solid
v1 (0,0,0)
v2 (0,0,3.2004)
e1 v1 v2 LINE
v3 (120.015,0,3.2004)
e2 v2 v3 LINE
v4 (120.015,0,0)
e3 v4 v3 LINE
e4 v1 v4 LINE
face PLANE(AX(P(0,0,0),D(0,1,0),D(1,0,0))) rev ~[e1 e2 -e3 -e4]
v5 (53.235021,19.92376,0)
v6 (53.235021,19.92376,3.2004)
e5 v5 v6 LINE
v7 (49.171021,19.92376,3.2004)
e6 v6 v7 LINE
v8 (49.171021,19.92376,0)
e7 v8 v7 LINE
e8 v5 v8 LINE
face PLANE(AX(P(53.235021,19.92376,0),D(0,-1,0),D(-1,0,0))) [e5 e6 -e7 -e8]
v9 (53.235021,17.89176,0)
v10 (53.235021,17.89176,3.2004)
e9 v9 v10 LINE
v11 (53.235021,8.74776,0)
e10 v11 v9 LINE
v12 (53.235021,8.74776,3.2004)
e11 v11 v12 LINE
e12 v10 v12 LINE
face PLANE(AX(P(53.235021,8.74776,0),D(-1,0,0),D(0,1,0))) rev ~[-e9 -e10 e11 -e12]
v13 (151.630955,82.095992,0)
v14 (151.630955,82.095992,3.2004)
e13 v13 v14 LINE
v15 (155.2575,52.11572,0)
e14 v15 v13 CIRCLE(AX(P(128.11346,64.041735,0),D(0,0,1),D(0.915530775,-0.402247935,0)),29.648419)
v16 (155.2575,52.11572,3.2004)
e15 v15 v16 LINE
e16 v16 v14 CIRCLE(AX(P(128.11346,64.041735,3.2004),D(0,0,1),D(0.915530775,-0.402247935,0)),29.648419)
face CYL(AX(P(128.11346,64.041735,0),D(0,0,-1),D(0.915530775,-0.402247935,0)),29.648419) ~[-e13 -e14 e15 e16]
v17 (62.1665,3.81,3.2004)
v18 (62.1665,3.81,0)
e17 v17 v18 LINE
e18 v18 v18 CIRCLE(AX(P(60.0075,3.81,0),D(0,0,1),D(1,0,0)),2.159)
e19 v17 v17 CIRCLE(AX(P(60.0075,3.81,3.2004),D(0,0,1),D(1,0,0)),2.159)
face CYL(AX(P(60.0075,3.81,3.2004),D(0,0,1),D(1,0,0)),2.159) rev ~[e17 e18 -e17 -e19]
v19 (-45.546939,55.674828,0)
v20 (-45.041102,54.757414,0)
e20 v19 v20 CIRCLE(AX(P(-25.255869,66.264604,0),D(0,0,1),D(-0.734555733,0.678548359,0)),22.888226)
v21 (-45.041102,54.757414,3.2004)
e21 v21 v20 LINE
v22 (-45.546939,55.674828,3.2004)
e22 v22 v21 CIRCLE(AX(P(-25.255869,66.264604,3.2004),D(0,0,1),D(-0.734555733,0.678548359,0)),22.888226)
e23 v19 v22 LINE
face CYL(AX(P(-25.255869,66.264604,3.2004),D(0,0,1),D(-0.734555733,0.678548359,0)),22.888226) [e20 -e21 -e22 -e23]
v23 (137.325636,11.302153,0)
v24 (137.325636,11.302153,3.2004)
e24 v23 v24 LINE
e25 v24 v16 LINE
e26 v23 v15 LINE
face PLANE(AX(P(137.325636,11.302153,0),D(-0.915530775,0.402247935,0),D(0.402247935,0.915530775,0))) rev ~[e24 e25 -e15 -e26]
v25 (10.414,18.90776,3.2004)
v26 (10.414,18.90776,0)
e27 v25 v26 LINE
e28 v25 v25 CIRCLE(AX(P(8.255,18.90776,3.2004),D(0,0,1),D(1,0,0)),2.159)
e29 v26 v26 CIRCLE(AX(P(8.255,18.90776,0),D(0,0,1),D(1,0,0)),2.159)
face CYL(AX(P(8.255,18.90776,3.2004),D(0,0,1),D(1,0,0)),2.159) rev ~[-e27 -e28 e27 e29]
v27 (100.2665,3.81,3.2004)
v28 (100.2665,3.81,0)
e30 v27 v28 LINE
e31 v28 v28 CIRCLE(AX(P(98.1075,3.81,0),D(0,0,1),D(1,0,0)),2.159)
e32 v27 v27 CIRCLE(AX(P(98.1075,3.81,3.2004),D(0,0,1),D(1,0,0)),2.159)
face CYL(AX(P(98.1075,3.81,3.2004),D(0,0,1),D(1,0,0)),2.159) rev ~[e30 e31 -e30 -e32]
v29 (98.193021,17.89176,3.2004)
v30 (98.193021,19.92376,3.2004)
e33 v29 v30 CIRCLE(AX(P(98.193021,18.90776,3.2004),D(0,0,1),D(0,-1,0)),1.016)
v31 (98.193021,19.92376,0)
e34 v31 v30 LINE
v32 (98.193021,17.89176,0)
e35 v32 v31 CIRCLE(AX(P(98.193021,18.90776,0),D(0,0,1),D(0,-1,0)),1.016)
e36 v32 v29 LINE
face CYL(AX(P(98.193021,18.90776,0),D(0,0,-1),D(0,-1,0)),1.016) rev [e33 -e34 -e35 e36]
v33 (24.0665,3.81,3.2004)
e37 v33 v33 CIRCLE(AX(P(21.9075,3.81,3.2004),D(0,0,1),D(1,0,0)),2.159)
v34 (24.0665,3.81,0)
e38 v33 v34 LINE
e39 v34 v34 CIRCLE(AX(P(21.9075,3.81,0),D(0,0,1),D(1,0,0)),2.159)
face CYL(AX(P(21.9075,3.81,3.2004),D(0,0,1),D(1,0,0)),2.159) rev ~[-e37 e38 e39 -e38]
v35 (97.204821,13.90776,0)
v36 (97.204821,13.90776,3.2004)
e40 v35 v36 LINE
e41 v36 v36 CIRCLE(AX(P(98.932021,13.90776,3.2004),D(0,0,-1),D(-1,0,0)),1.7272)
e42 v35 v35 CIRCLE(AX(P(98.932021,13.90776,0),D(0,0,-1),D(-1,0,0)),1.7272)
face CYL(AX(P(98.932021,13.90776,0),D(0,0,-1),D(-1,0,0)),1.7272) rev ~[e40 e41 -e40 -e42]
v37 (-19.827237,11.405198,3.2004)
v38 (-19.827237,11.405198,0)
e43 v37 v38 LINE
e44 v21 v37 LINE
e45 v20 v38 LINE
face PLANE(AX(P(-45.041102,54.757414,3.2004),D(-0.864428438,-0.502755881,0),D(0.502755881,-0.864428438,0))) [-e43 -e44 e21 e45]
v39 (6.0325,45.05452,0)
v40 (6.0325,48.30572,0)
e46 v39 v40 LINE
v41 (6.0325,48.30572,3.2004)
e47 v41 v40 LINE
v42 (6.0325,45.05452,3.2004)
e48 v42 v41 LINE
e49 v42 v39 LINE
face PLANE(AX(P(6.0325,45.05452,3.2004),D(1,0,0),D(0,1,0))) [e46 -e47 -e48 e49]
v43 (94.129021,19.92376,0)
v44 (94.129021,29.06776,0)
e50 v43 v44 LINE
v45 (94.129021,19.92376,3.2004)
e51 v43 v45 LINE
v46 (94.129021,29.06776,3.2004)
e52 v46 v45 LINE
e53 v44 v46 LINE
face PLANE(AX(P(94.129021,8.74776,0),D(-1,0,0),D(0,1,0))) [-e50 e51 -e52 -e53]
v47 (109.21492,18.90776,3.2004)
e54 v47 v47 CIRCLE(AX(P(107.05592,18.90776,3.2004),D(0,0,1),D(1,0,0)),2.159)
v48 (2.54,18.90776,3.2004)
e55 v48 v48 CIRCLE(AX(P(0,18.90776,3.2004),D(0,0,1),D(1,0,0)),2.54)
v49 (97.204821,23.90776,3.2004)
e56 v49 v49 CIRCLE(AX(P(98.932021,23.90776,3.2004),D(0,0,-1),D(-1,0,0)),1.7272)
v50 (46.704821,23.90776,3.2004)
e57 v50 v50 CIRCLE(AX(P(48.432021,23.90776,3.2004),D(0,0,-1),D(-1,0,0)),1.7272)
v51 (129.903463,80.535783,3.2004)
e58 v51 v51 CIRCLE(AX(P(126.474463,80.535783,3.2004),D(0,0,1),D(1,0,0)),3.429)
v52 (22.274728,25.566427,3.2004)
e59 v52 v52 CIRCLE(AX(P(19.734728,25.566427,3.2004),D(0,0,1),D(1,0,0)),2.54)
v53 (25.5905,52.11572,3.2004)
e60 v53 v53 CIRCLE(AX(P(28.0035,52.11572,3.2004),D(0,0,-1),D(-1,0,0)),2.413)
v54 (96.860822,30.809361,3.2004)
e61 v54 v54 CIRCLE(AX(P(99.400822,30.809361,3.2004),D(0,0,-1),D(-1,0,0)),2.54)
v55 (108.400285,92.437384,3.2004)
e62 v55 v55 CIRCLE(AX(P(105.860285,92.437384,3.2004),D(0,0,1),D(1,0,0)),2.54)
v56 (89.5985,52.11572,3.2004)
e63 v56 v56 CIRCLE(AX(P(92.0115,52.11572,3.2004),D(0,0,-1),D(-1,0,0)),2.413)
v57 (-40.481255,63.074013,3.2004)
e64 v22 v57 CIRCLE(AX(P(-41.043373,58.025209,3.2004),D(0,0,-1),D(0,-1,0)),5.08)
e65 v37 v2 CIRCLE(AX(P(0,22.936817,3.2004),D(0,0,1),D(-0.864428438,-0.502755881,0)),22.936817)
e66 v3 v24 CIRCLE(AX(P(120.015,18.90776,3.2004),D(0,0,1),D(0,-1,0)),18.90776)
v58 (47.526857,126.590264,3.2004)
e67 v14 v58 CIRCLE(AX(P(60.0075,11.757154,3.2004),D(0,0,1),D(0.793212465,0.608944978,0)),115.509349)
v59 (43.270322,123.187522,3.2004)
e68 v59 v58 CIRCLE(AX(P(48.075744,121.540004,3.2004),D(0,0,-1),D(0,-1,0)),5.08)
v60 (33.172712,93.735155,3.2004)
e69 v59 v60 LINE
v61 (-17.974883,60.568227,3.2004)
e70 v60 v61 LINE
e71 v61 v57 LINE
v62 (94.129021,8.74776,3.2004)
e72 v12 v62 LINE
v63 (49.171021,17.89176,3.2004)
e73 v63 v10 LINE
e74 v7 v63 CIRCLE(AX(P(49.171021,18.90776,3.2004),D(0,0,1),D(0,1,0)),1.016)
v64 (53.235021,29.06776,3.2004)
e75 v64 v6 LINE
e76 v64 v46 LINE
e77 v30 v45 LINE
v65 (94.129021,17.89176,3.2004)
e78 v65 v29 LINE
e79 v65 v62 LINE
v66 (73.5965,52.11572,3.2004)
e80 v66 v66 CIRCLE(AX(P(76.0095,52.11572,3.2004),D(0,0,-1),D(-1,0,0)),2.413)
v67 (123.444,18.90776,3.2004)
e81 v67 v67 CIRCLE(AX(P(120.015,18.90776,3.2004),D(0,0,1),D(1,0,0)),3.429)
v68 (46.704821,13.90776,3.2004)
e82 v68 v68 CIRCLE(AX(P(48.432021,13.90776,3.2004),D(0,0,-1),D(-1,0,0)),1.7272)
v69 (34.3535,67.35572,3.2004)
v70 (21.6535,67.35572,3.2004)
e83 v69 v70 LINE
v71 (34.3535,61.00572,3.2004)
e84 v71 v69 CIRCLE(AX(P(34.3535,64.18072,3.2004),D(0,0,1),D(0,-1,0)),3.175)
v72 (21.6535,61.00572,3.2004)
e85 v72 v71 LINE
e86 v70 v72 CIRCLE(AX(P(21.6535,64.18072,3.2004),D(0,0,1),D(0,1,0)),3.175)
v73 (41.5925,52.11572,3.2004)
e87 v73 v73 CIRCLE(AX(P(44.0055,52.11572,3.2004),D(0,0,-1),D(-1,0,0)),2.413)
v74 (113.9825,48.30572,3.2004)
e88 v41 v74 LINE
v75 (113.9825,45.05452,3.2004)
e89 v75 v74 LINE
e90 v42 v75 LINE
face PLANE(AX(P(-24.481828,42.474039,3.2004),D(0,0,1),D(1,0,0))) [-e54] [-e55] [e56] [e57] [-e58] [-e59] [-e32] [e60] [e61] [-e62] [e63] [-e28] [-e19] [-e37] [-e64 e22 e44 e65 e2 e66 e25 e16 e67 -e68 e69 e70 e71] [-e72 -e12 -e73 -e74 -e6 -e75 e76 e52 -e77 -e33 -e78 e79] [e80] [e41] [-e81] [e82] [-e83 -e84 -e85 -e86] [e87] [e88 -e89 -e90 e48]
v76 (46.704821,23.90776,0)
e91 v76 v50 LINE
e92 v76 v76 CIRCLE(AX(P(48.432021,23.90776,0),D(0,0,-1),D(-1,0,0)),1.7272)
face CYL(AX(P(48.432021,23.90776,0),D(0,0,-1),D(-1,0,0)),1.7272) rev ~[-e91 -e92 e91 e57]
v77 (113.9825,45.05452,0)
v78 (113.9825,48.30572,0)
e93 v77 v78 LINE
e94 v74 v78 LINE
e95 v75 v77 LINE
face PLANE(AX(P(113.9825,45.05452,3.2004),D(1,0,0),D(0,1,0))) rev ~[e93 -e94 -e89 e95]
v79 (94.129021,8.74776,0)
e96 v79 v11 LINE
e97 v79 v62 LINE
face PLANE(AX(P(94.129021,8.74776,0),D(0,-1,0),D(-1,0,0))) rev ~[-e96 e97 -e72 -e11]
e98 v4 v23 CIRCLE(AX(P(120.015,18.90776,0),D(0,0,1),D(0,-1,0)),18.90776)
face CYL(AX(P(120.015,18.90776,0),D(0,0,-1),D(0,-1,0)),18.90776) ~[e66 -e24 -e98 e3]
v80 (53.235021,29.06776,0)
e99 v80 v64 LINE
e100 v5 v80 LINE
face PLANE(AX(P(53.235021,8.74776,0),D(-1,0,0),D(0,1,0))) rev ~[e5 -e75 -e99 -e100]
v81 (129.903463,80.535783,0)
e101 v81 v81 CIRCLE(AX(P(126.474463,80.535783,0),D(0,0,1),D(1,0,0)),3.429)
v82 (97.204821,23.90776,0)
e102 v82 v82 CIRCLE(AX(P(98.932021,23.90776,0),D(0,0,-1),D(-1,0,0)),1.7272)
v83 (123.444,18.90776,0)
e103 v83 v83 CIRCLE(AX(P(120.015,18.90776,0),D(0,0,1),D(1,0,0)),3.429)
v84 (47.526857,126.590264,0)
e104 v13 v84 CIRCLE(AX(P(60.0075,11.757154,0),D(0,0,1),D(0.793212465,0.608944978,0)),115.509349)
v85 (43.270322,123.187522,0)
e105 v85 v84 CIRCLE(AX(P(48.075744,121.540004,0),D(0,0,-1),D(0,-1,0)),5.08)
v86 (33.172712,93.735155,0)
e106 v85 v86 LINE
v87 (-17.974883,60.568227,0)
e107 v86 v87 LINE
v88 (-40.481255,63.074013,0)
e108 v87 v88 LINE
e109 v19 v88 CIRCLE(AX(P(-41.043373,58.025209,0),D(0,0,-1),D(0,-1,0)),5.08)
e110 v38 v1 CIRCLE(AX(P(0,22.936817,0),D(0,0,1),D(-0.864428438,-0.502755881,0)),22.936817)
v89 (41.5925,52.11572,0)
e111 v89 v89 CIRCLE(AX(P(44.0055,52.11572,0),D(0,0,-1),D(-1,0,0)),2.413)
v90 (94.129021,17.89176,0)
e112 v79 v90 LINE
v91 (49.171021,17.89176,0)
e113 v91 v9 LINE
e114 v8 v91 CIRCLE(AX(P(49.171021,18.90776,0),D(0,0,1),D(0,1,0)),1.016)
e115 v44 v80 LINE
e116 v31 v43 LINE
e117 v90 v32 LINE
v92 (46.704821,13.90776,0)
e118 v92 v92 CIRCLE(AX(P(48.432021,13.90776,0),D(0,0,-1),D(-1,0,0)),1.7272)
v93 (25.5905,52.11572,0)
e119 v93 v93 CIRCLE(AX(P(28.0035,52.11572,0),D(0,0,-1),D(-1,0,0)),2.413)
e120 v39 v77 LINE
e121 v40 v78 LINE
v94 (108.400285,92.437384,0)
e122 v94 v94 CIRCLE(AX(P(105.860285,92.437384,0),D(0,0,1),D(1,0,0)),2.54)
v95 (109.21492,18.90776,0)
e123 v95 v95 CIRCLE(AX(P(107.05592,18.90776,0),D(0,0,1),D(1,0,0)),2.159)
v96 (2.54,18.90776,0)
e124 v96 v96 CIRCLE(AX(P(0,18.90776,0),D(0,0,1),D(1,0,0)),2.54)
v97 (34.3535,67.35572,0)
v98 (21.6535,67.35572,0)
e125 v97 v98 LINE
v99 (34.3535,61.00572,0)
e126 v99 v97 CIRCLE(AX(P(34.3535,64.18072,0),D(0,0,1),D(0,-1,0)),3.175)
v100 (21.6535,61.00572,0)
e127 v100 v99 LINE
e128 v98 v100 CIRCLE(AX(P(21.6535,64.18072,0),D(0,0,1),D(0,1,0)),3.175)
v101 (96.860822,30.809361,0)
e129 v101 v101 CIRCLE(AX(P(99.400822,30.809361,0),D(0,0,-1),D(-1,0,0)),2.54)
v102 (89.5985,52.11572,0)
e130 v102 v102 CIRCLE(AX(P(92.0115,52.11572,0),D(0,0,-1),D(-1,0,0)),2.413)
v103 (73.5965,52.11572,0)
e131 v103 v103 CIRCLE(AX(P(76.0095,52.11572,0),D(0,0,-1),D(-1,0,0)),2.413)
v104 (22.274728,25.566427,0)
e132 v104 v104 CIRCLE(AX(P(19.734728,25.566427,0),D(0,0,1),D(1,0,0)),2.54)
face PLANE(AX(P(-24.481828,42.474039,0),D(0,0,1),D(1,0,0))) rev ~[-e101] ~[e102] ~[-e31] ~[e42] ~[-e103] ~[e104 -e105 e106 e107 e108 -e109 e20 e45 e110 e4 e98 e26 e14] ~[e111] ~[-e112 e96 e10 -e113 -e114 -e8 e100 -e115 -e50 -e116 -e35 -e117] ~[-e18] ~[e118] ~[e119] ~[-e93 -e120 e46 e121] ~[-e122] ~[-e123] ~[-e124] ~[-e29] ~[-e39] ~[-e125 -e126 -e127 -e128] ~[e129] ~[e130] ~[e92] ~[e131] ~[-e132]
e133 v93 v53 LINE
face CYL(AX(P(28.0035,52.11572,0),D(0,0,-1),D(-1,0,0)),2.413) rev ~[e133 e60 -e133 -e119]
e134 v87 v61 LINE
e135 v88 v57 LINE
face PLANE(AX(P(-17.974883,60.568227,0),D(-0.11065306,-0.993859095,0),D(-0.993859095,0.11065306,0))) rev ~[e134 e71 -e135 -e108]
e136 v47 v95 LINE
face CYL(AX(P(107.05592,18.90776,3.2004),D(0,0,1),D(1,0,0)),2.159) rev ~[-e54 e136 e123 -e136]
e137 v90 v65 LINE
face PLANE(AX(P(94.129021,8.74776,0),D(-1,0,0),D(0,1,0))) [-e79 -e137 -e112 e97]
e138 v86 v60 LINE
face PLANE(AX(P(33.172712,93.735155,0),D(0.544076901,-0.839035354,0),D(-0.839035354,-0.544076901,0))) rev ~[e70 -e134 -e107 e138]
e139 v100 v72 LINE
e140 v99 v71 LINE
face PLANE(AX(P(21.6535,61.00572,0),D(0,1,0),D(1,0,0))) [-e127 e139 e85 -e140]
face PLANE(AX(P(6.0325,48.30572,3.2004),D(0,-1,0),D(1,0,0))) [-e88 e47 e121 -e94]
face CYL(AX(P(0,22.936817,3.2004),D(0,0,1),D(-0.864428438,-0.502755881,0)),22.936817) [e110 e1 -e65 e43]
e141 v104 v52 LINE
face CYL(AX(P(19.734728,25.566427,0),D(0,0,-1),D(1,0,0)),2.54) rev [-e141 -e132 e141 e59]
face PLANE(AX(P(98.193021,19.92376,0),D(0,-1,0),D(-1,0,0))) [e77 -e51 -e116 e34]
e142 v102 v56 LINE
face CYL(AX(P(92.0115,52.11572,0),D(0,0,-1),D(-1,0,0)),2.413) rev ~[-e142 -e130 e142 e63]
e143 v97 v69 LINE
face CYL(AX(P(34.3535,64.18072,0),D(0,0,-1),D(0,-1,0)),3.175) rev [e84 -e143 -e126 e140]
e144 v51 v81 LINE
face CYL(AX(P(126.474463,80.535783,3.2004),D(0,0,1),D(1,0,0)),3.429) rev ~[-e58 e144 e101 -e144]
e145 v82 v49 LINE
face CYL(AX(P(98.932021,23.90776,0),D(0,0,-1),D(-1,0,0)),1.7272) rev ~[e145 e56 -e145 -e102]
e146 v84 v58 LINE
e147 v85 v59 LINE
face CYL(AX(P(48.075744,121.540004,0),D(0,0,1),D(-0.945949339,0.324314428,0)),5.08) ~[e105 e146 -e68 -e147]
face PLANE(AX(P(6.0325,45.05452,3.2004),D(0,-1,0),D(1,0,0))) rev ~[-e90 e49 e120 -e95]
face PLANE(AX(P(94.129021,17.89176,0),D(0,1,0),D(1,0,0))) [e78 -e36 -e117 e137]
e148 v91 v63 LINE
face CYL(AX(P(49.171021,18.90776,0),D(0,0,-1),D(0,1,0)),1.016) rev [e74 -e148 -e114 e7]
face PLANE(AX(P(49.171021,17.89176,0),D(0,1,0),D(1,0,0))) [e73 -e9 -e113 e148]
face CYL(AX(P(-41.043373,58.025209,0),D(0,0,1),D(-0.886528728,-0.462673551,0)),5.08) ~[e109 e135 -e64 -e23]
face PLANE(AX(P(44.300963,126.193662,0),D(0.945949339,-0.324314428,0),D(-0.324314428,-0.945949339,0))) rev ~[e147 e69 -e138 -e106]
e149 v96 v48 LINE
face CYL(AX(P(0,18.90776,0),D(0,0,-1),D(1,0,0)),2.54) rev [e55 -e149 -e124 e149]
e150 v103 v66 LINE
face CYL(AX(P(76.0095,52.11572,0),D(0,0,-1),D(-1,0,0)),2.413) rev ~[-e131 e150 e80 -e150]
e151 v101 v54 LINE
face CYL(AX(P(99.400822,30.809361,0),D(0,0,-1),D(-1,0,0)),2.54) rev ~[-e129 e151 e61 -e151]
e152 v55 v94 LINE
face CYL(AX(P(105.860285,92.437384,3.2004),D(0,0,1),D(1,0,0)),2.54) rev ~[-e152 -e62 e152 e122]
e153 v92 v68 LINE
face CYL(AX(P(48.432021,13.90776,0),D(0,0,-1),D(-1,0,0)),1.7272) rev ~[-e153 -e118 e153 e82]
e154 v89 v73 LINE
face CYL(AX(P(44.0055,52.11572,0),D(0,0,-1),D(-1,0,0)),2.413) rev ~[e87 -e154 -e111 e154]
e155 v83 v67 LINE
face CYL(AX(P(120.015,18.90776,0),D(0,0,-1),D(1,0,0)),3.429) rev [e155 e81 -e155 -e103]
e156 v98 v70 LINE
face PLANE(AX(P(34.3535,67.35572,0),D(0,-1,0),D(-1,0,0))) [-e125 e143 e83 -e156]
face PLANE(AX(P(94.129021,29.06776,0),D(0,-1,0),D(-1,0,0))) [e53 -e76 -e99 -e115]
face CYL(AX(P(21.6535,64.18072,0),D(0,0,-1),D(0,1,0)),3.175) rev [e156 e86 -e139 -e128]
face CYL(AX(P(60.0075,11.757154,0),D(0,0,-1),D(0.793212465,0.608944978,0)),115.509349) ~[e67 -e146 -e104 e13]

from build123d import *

# Parameters (mm, degrees)
SKETCH1_R           = 3.429
SKETCH1_R_2         = 2.54
BOSS_EXTRUDE1_DEPTH = 3.2004
SKETCH2_R           = 2.413
CUT_EXTRUDE1_DEPTH  = 3.2004
SKETCH5_R           = 1.7272
SKETCH5_W           = 40.894
SKETCH5_H           = 20.32
CUT_EXTRUDE3_DEPTH  = 203.721029268
CUT_EXTRUDE5_DEPTH  = 3.2004
SKETCH6_R           = 2.54
CUT_EXTRUDE4_DEPTH  = 203.721029268
SKETCH9_R           = 2.159
CUT_EXTRUDE6_DEPTH  = 3.2004
SKETCH10_W          = 107.95
SKETCH10_H          = 3.2512
CUT_EXTRUDE7_DEPTH  = 3.2004
SKETCH11_R          = 3.429
SKETCH11_R_2        = 2.54
CUT_EXTRUDE8_DEPTH  = 3.2004
CUT_EXTRUDE9_DEPTH  = 3.2004
SKETCH15_R          = 2.159
CUT_EXTRUDE10_DEPTH = 3.2004
BOSS_EXTRUDE2_DEPTH = 3.2004
FILLET1_R           = 5.08
CUT_EXTRUDE11_DEPTH = 3.2004
CUT_EXTRUDE12_DEPTH = 3.2004
FILLET3_R           = 5.08


with BuildPart() as part:
    # Sketch1 → Boss-Extrude1 (new body)
    with BuildSketch(Plane.XY):
        with BuildLine():
            Line((0, 0), (120.015, 0))
            ThreePointArc((120.015, 0), (130.351788396, 3.075697789), (137.325636158, 11.302152592))
            Line((137.325636158, 11.302152592), (155.2575, 52.11572))
            ThreePointArc((155.2575, 52.11572), (157.54731739, 67.602183396), (151.630955452, 82.09599151))
            ThreePointArc((151.630955452, 82.09599151), (60.0075, 127.266502568), (-31.615955452, 82.09599151))
            ThreePointArc((-31.615955452, 82.09599151), (-37.53231739, 67.602183396), (-35.2425, 52.11572))
            Line((-35.2425, 52.11572), (-17.310636158, 11.302152592))
            ThreePointArc((-17.310636158, 11.302152592), (-10.336788396, 3.075697789), (0, 0))
        make_face()
        with Locations((120.015, 18.90776)):
            Circle(SKETCH1_R, mode=Mode.SUBTRACT)
        with Locations((0, 18.90776)):
            Circle(SKETCH1_R_2, mode=Mode.SUBTRACT)
        with Locations((19.734727626, 25.566426992)):
            Circle(SKETCH1_R_2, mode=Mode.SUBTRACT)
    extrude(amount=BOSS_EXTRUDE1_DEPTH)

    # Sketch2 → Cut-Extrude1 (cut)
    with BuildSketch(Plane(origin=(0, 0, 0), x_dir=(-1, 0, 0), z_dir=(0, 0, -1))):
        with Locations((-92.0115, 52.11572)):
            Circle(SKETCH2_R)
        with Locations((-76.0095, 52.11572)):
            Circle(SKETCH2_R)
        with Locations((-44.0055, 52.11572)):
            Circle(SKETCH2_R)
        with Locations((-28.0035, 52.11572)):
            Circle(SKETCH2_R)
    extrude(amount=-CUT_EXTRUDE1_DEPTH, mode=Mode.SUBTRACT)

    # Sketch5 → Cut-Extrude3 (cut, through all)
    with BuildSketch(Plane(origin=(0, 0, 0), x_dir=(-1, 0, 0), z_dir=(0, 0, -1))):
        with Locations((-98.932021353, 23.907759967)):
            Circle(SKETCH5_R)
        with Locations((-48.432021353, 13.907760033)):
            Circle(SKETCH5_R)
        with Locations((-48.432021353, 23.907759967)):
            Circle(SKETCH5_R)
        with Locations((-98.932021353, 13.907760033)):
            Circle(SKETCH5_R)
        with Locations((-73.682021353, 18.90776)):
            Rectangle(SKETCH5_W, SKETCH5_H)
    extrude(amount=-CUT_EXTRUDE3_DEPTH, mode=Mode.SUBTRACT)

    # Sketch7 → Cut-Extrude5 (cut)
    with BuildSketch(Plane(origin=(0, 0, 0), x_dir=(-1, 0, 0), z_dir=(0, 0, -1))):
        with BuildLine():
            Line((-98.193021353, 19.92376), (-94.129021353, 19.92376))
            Line((-94.129021353, 19.92376), (-94.129021353, 17.89176))
            Line((-94.129021353, 17.89176), (-98.193021353, 17.89176))
            ThreePointArc((-98.193021353, 17.89176), (-99.209021353, 18.90776), (-98.193021353, 19.92376))
        make_face()
        with BuildLine():
            Line((-53.235021353, 19.92376), (-49.171021353, 19.92376))
            ThreePointArc((-49.171021353, 19.92376), (-48.155021353, 18.90776), (-49.171021353, 17.89176))
            Line((-49.171021353, 17.89176), (-53.235021353, 17.89176))
            Line((-53.235021353, 17.89176), (-53.235021353, 19.92376))
        make_face()
    extrude(amount=-CUT_EXTRUDE5_DEPTH, mode=Mode.SUBTRACT)

    # Sketch6 → Cut-Extrude4 (cut, through all)
    with BuildSketch(Plane(origin=(0, 0, 0), x_dir=(-1, 0, 0), z_dir=(0, 0, -1))):
        with Locations((-99.400822485, 30.809360937)):
            Circle(SKETCH6_R)
    extrude(amount=-CUT_EXTRUDE4_DEPTH, mode=Mode.SUBTRACT)

    # Sketch9 → Cut-Extrude6 (cut)
    with BuildSketch(Plane.XY.offset(3.2004)):
        with Locations((21.9075, 3.81)):
            Circle(SKETCH9_R)
        with Locations((60.0075, 3.81)):
            Circle(SKETCH9_R)
        with Locations((98.1075, 3.81)):
            Circle(SKETCH9_R)
    extrude(amount=-CUT_EXTRUDE6_DEPTH, mode=Mode.SUBTRACT)

    # Sketch10 → Cut-Extrude7 (cut)
    with BuildSketch(Plane.XY.offset(3.2004)):
        with Locations((60.0075, 46.68012)):
            Rectangle(SKETCH10_W, SKETCH10_H)
    extrude(amount=-CUT_EXTRUDE7_DEPTH, mode=Mode.SUBTRACT)

    # Sketch11 → Cut-Extrude8 (cut)
    with BuildSketch(Plane.XY.offset(3.2004)):
        with Locations((126.474462556, 80.535782848)):
            Circle(SKETCH11_R)
        with Locations((105.860285087, 92.437383759)):
            Circle(SKETCH11_R_2)
    extrude(amount=-CUT_EXTRUDE8_DEPTH, mode=Mode.SUBTRACT)

    # Sketch14 → Cut-Extrude9 (cut)
    with BuildSketch(Plane(origin=(0, 0, 0), x_dir=(-1, 0, 0), z_dir=(0, 0, -1))):
        with BuildLine():
            Line((-44.300963253, 126.193661773), (-33.172711709, 93.735154568))
            Line((-33.172711709, 93.735154568), (17.974883496, 60.568226691))
            Line((17.974883496, 60.568226691), (31.788532543, 81.870619617))
            ThreePointArc((31.788532543, 81.870619617), (-1.866863458, 111.567353903), (-44.300963253, 126.193661773))
        make_face()
    extrude(amount=-CUT_EXTRUDE9_DEPTH, mode=Mode.SUBTRACT)

    # Sketch15 → Cut-Extrude10 (cut)
    with BuildSketch(Plane.XY.offset(3.2004)):
        with Locations((8.255, 18.90776)):
            Circle(SKETCH15_R)
        with Locations((107.05592, 18.90776)):
            Circle(SKETCH15_R)
    extrude(amount=-CUT_EXTRUDE10_DEPTH, mode=Mode.SUBTRACT)

    # Sketch16 → Boss-Extrude2 (add)
    with BuildSketch(Plane.XY.offset(3.2004)):
        with BuildLine():
            Line((-45.041102147, 54.757414103), (-19.827237301, 11.4051976))
            ThreePointArc((-19.827237301, 11.4051976), (-11.436759498, 3.05471175), (0, 0))
            ThreePointArc((0, 0), (-10.916945649, 29.711492853), (-17.974883496, 60.568226691))
            Line((-17.974883496, 60.568226691), (-35.838426308, 88.116067724))
            ThreePointArc((-35.838426308, 88.116067724), (-39.004683679, 85.006183785), (-42.068546328, 81.795372437))
            ThreePointArc((-42.068546328, 81.795372437), (-48.007013112, 68.765867356), (-45.041102147, 54.757414103))
        make_face()
    extrude(amount=-BOSS_EXTRUDE2_DEPTH)

    # Fillet1
    fillet1_edges = [part.edges().sort_by_distance(p)[0] for p in [
        (44.300963253, 126.193661773, 1.6002),
        (-35.838426308, 88.116067724, 1.6002),
    ]]
    fillet(fillet1_edges, radius=FILLET1_R)

    # Sketch17 → Cut-Extrude11 (cut)
    with BuildSketch(Plane(origin=(0, 0, 0), x_dir=(-1, 0, 0), z_dir=(0, 0, -1))):
        with BuildLine():
            Line((-34.3535, 67.35572), (-21.6535, 67.35572))
            ThreePointArc((-21.6535, 67.35572), (-18.4785, 64.18072), (-21.6535, 61.00572))
            Line((-21.6535, 61.00572), (-34.3535, 61.00572))
            ThreePointArc((-34.3535, 61.00572), (-37.5285, 64.18072), (-34.3535, 67.35572))
        make_face()
    extrude(amount=-CUT_EXTRUDE11_DEPTH, mode=Mode.SUBTRACT)

    # Sketch18 → Cut-Extrude12 (cut)
    with BuildSketch(Plane(origin=(0, 0, 0), x_dir=(-1, 0, 0), z_dir=(0, 0, -1))):
        Polygon((39.398034495, 93.605433495), (17.974883496, 60.568226691), (70.53521478, 66.420124121), align=None)
    extrude(amount=-CUT_EXTRUDE12_DEPTH, mode=Mode.SUBTRACT)

    # Fillet3
    fillet3_edges = [part.edges().sort_by_distance(p)[0] for p in [
        (-48.023040183, 63.913691353, 1.6002),
    ]]
    fillet(fillet3_edges, radius=FILLET3_R)


solid = part.part
